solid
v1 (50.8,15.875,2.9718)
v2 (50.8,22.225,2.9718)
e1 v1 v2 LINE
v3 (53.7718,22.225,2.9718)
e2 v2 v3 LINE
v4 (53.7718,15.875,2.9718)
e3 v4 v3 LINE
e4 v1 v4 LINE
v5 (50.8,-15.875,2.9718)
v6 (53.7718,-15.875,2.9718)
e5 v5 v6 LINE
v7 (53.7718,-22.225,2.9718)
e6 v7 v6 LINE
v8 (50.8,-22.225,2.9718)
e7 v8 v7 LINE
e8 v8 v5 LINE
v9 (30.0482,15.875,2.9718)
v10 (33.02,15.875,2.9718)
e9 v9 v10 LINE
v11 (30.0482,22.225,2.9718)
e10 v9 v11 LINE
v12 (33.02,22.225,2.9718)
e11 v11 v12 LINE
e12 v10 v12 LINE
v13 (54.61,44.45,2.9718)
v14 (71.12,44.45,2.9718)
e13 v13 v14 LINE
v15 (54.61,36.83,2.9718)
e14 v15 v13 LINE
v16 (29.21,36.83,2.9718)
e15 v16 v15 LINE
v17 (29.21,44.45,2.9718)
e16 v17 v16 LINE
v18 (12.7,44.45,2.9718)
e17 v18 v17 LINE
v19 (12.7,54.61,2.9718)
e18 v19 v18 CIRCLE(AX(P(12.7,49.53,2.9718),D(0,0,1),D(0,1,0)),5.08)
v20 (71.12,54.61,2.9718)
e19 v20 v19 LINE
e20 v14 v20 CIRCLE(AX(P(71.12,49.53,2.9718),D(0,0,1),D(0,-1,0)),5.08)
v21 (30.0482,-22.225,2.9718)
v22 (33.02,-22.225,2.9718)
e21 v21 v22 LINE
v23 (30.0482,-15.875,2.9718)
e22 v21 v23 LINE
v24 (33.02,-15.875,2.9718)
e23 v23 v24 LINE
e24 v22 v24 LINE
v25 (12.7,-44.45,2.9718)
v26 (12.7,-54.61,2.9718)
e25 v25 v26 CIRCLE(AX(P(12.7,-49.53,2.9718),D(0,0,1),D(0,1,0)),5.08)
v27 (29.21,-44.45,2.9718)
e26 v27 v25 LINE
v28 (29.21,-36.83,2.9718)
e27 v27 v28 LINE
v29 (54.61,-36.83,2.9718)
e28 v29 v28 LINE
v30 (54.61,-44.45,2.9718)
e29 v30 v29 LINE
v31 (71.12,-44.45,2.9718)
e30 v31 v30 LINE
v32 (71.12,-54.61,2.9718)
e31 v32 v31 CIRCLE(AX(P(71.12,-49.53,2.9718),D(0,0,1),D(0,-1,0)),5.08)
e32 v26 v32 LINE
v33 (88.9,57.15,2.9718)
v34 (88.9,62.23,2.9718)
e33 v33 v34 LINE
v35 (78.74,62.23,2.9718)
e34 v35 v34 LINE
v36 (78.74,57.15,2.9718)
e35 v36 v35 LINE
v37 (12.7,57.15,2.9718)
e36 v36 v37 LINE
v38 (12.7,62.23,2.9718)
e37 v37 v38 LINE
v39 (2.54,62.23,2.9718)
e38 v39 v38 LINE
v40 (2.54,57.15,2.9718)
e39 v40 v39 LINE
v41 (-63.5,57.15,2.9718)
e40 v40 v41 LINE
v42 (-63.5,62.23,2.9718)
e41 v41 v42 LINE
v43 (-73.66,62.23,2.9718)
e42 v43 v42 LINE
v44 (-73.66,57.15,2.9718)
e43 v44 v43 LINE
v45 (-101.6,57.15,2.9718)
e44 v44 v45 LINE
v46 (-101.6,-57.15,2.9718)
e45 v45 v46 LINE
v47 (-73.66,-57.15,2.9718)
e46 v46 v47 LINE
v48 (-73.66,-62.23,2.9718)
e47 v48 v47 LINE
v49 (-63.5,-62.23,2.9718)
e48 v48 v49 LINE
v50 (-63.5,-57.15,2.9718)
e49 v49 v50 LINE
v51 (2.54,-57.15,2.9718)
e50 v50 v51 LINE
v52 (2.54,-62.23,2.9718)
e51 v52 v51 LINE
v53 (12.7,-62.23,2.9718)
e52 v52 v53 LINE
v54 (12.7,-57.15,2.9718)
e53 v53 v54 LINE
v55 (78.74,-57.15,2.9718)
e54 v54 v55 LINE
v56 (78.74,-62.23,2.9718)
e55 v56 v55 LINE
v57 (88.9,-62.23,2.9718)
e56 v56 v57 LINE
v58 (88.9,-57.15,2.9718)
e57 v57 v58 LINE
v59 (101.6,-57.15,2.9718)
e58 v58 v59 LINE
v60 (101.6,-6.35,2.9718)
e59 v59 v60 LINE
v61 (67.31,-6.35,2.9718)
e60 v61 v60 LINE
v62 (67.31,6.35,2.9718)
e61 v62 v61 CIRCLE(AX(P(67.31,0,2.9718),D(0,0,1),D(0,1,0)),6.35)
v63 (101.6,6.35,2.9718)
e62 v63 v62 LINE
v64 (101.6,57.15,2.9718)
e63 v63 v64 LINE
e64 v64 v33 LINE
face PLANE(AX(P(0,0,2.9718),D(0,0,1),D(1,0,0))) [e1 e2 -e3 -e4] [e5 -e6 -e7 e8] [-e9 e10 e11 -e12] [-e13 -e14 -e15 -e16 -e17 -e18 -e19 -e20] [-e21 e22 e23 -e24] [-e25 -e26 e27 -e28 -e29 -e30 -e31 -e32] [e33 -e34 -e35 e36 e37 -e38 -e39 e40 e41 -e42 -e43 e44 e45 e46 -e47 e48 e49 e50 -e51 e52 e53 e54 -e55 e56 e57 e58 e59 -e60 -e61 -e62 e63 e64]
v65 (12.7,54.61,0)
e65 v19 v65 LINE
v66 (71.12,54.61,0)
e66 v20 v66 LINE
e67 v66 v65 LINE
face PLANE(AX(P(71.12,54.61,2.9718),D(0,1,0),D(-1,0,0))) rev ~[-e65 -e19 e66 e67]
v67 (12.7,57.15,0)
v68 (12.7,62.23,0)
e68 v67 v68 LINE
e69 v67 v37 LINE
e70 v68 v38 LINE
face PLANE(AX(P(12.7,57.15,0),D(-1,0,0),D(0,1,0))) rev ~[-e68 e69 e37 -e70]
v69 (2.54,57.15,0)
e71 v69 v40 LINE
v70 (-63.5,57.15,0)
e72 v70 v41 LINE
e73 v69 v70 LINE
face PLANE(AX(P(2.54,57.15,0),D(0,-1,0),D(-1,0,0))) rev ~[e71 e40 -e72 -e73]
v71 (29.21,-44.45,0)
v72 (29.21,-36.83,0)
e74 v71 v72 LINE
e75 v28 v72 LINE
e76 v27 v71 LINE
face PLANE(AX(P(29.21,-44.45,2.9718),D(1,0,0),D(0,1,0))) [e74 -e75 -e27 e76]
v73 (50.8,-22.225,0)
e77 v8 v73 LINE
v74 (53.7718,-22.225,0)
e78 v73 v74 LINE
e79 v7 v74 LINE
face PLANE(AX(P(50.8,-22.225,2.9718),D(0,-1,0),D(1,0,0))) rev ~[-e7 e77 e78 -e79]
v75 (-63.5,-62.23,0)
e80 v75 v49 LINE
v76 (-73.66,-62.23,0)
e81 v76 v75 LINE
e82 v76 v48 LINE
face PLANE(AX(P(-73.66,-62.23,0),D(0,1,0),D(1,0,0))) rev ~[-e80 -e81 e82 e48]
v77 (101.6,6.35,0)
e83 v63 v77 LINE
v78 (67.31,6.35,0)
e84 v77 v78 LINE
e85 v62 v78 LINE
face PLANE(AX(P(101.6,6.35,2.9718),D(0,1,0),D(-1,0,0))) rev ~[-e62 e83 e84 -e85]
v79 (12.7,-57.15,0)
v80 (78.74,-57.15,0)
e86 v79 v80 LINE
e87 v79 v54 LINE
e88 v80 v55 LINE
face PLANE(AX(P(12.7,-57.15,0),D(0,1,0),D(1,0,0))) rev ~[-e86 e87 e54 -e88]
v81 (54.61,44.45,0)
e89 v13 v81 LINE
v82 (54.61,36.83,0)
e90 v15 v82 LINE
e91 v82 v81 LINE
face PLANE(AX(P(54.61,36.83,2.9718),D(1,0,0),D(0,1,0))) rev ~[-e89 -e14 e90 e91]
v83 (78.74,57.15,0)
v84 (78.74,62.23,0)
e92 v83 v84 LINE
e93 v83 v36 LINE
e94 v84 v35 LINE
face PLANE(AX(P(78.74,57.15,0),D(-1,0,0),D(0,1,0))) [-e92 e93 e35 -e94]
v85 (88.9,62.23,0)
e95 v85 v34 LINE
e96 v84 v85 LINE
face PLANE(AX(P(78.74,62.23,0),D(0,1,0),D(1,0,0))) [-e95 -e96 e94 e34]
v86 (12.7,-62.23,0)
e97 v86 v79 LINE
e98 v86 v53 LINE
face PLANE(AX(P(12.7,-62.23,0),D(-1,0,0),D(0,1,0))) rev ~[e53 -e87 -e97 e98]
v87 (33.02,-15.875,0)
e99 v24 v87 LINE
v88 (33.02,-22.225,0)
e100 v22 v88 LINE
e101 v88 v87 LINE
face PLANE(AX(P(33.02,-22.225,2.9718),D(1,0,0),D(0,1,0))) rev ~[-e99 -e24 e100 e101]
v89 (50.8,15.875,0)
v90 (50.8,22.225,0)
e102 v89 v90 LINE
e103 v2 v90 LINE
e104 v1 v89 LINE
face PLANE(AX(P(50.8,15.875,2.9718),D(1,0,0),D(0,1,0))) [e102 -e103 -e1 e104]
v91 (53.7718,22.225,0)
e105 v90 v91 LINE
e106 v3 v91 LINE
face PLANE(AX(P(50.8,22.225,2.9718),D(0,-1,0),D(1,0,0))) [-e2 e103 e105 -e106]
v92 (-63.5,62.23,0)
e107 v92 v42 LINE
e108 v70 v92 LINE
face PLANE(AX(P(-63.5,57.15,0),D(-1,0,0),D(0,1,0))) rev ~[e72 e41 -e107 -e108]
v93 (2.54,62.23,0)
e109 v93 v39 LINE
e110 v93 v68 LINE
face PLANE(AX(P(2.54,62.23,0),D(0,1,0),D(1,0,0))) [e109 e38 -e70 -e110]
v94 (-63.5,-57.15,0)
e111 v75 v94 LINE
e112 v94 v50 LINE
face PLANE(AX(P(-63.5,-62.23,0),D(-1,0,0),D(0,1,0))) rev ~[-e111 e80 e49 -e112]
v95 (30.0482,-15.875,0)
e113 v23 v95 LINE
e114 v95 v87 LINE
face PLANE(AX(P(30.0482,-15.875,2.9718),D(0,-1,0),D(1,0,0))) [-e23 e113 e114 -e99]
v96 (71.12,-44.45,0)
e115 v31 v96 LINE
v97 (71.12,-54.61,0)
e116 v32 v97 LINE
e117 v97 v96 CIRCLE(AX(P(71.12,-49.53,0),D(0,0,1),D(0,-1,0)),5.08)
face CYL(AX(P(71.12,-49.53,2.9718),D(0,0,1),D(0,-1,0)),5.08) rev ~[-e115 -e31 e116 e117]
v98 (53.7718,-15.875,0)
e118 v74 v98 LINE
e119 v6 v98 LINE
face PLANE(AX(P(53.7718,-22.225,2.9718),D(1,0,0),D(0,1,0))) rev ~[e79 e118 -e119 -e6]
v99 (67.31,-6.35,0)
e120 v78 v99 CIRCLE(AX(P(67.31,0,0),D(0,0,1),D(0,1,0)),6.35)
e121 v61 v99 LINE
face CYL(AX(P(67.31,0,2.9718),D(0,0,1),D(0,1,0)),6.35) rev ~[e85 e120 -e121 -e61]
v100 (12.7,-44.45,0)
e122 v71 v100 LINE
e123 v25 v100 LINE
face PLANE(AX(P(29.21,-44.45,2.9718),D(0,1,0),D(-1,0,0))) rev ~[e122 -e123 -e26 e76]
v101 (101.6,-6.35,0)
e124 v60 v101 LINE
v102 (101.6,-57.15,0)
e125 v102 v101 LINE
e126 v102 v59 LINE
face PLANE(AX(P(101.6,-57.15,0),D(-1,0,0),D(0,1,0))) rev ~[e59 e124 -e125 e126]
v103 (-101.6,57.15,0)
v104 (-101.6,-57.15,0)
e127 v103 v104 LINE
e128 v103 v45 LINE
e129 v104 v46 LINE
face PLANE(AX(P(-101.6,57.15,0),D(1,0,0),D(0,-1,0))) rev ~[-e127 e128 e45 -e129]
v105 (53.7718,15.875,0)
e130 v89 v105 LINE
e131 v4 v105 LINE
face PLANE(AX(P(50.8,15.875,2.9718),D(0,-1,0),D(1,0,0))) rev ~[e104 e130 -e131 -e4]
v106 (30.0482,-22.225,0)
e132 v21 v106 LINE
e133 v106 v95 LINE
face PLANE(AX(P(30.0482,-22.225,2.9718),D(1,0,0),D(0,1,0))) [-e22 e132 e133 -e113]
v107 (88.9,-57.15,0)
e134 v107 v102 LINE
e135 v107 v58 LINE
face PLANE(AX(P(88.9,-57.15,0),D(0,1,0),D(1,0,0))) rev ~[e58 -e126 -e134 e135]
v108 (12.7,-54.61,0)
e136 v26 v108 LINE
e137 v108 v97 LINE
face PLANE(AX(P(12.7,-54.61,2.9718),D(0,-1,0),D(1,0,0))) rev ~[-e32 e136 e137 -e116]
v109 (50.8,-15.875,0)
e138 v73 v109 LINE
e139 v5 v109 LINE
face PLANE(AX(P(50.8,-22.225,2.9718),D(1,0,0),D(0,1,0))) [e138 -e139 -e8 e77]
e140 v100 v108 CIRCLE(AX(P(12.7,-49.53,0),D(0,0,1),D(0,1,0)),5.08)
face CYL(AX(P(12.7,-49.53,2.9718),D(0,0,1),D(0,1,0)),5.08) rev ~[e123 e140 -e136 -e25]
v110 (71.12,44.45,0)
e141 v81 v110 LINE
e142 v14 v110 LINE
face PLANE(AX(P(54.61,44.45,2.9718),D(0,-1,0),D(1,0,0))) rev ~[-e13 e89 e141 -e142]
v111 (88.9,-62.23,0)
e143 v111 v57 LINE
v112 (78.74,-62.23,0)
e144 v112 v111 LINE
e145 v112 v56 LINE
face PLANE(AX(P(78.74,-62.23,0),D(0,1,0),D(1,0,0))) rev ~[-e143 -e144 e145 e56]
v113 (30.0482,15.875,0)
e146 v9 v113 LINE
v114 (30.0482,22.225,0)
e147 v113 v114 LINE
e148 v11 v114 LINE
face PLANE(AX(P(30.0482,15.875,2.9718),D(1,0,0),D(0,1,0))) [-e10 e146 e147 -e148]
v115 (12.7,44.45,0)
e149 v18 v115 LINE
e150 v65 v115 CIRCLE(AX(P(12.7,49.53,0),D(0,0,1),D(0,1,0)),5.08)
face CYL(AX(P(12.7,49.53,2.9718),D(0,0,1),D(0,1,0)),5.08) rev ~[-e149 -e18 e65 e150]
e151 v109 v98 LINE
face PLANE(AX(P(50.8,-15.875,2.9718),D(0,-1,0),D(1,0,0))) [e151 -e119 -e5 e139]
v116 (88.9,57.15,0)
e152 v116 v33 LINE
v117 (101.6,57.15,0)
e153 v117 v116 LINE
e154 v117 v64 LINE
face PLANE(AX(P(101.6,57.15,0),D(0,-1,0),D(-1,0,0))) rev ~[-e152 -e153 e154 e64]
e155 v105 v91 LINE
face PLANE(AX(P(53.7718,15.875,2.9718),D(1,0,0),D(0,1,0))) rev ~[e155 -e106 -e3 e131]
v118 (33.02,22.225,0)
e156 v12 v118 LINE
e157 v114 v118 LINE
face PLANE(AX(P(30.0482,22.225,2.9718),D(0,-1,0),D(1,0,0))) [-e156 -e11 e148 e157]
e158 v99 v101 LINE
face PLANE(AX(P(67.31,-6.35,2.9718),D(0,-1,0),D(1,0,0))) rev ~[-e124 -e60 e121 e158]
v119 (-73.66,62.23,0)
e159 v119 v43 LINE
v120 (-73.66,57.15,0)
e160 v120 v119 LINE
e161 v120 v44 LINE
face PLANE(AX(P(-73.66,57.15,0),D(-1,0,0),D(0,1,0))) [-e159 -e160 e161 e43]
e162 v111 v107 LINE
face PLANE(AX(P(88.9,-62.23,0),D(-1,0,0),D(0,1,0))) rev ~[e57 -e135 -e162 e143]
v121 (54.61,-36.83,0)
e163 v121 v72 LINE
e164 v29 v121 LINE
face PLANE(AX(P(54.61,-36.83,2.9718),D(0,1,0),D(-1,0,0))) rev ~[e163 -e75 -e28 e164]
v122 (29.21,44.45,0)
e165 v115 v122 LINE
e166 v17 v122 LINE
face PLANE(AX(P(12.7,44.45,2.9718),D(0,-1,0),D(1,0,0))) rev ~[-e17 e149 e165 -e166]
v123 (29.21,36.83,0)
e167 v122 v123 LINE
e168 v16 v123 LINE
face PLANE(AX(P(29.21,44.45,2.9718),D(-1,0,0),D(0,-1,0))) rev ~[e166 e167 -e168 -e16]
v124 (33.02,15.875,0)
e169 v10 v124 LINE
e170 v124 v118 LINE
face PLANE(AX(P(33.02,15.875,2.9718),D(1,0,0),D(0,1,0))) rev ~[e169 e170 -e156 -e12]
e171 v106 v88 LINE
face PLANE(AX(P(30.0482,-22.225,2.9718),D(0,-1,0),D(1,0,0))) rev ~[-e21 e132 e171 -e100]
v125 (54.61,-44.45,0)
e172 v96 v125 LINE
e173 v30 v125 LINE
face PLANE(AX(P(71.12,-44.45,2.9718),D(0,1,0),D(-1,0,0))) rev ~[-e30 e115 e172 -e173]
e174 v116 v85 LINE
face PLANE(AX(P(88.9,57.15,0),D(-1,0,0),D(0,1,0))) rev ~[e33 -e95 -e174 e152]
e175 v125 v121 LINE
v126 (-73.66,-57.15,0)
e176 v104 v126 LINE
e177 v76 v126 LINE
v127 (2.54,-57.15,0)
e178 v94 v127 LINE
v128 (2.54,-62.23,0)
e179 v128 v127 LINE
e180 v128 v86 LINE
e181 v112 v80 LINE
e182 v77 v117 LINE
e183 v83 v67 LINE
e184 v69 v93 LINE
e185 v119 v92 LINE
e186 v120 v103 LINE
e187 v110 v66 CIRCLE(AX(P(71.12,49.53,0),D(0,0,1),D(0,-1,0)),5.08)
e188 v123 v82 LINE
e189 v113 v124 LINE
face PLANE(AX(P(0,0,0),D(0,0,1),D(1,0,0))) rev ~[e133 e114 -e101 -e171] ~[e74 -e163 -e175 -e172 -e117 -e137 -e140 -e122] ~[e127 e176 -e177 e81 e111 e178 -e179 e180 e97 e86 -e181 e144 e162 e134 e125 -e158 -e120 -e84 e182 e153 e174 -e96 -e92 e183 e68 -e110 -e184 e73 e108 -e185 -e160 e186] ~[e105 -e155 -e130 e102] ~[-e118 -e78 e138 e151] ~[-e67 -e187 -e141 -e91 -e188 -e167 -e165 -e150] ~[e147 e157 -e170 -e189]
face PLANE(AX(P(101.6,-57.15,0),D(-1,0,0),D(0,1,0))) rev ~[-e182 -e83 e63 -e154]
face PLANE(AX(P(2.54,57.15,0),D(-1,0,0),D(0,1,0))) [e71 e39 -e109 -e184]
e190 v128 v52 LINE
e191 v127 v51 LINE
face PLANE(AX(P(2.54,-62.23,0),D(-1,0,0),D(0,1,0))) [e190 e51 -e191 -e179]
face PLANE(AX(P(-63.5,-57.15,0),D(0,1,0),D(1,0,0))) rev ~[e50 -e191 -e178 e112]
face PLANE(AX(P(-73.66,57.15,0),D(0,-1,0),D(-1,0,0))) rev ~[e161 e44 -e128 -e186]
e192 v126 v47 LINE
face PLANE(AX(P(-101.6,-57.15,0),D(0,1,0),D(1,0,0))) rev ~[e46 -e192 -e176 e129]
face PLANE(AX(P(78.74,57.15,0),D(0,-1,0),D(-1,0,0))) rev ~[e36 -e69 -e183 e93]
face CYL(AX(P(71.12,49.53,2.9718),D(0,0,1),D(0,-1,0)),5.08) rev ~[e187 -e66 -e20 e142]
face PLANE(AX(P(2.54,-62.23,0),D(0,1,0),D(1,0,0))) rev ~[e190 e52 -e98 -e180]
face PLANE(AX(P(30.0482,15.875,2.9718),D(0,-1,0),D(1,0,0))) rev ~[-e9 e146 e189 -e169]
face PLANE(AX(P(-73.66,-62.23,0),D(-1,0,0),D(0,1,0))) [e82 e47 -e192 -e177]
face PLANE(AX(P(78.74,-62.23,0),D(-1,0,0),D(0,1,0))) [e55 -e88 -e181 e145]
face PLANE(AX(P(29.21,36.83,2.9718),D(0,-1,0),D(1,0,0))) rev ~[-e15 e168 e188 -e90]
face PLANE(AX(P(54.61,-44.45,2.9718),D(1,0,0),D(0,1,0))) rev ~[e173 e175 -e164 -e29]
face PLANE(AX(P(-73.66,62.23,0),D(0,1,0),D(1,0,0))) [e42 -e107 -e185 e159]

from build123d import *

# Parameters (mm, degrees)
F0_W     = 10.16
F0_H     = 5.08
F1_DEPTH = 2.9718
F2_W     = 12.7
F2_H     = 7.62
F2_W_2   = 2.9718
F2_H_2   = 6.35
F3_DEPTH = 2.9728


with BuildPart() as f1:
    # F0 (on Top) → F1 (new body)
    with BuildSketch(Plane.XY):
        Polygon((88.9, -57.15), (101.6, -57.15), (101.6, 57.15), (88.9, 57.15), (78.74, 57.15), (12.7, 57.15), (2.54, 57.15), (-63.5, 57.15), (-73.66, 57.15), (-101.6, 57.15), (-101.6, -57.15), (-73.66, -57.15), (-63.5, -57.15), (2.54, -57.15), (12.7, -57.15), (78.74, -57.15), align=None)
        with Locations((83.82, -59.69)):
            Rectangle(F0_W, F0_H)
        with Locations((83.82, 59.69)):
            Rectangle(F0_W, F0_H)
        with Locations((7.62, -59.69)):
            Rectangle(F0_W, F0_H)
        with Locations((7.62, 59.69)):
            Rectangle(F0_W, F0_H)
        with Locations((-68.58, -59.69)):
            Rectangle(F0_W, F0_H)
        with Locations((-68.58, 59.69)):
            Rectangle(F0_W, F0_H)
    extrude(amount=F1_DEPTH)

    # F2 (on face) → F3 (cut, through all)
    with BuildSketch(Plane.XY.offset(2.9718)):
        with BuildLine():
            ThreePointArc((12.7, -44.45), (7.62, -49.53), (12.7, -54.61))
            Line((12.7, -54.61), (71.12, -54.61))
            ThreePointArc((71.12, -54.61), (76.2, -49.53), (71.12, -44.45))
            Line((71.12, -44.45), (54.61, -44.45))
            Line((54.61, -44.45), (41.91, -44.45))
            Line((41.91, -44.45), (29.21, -44.45))
            Line((29.21, -44.45), (12.7, -44.45))
        make_face()
        with Locations((35.56, -40.64)):
            Rectangle(F2_W, F2_H)
        with Locations((48.26, -40.64)):
            Rectangle(F2_W, F2_H)
        with BuildLine():
            ThreePointArc((12.7, 54.61), (7.62, 49.53), (12.7, 44.45))
            Line((12.7, 44.45), (29.21, 44.45))
            Line((29.21, 44.45), (54.61, 44.45))
            Line((54.61, 44.45), (71.12, 44.45))
            ThreePointArc((71.12, 44.45), (76.2, 49.53), (71.12, 54.61))
            Line((71.12, 54.61), (12.7, 54.61))
        make_face()
        Polygon((54.61, 44.45), (29.21, 44.45), (29.21, 36.83), (41.91, 36.83), (54.61, 36.83), align=None)
        with Locations((31.5341, -19.05)):
            Rectangle(F2_W_2, F2_H_2)
        with Locations((52.2859, -19.05)):
            Rectangle(F2_W_2, F2_H_2)
        with Locations((31.5341, 19.05)):
            Rectangle(F2_W_2, F2_H_2)
        with Locations((52.2859, 19.05)):
            Rectangle(F2_W_2, F2_H_2)
        with BuildLine():
            ThreePointArc((67.31, 6.35), (60.96, 0), (67.31, -6.35))
            Line((67.31, -6.35), (92.71, -6.35))
            Line((92.71, -6.35), (101.6, -6.35))
            Line((101.6, -6.35), (101.6, 6.35))
            Line((101.6, 6.35), (92.71, 6.35))
            Line((92.71, 6.35), (67.31, 6.35))
        make_face()
    extrude(amount=-F3_DEPTH, mode=Mode.SUBTRACT)


solid = f1.part
